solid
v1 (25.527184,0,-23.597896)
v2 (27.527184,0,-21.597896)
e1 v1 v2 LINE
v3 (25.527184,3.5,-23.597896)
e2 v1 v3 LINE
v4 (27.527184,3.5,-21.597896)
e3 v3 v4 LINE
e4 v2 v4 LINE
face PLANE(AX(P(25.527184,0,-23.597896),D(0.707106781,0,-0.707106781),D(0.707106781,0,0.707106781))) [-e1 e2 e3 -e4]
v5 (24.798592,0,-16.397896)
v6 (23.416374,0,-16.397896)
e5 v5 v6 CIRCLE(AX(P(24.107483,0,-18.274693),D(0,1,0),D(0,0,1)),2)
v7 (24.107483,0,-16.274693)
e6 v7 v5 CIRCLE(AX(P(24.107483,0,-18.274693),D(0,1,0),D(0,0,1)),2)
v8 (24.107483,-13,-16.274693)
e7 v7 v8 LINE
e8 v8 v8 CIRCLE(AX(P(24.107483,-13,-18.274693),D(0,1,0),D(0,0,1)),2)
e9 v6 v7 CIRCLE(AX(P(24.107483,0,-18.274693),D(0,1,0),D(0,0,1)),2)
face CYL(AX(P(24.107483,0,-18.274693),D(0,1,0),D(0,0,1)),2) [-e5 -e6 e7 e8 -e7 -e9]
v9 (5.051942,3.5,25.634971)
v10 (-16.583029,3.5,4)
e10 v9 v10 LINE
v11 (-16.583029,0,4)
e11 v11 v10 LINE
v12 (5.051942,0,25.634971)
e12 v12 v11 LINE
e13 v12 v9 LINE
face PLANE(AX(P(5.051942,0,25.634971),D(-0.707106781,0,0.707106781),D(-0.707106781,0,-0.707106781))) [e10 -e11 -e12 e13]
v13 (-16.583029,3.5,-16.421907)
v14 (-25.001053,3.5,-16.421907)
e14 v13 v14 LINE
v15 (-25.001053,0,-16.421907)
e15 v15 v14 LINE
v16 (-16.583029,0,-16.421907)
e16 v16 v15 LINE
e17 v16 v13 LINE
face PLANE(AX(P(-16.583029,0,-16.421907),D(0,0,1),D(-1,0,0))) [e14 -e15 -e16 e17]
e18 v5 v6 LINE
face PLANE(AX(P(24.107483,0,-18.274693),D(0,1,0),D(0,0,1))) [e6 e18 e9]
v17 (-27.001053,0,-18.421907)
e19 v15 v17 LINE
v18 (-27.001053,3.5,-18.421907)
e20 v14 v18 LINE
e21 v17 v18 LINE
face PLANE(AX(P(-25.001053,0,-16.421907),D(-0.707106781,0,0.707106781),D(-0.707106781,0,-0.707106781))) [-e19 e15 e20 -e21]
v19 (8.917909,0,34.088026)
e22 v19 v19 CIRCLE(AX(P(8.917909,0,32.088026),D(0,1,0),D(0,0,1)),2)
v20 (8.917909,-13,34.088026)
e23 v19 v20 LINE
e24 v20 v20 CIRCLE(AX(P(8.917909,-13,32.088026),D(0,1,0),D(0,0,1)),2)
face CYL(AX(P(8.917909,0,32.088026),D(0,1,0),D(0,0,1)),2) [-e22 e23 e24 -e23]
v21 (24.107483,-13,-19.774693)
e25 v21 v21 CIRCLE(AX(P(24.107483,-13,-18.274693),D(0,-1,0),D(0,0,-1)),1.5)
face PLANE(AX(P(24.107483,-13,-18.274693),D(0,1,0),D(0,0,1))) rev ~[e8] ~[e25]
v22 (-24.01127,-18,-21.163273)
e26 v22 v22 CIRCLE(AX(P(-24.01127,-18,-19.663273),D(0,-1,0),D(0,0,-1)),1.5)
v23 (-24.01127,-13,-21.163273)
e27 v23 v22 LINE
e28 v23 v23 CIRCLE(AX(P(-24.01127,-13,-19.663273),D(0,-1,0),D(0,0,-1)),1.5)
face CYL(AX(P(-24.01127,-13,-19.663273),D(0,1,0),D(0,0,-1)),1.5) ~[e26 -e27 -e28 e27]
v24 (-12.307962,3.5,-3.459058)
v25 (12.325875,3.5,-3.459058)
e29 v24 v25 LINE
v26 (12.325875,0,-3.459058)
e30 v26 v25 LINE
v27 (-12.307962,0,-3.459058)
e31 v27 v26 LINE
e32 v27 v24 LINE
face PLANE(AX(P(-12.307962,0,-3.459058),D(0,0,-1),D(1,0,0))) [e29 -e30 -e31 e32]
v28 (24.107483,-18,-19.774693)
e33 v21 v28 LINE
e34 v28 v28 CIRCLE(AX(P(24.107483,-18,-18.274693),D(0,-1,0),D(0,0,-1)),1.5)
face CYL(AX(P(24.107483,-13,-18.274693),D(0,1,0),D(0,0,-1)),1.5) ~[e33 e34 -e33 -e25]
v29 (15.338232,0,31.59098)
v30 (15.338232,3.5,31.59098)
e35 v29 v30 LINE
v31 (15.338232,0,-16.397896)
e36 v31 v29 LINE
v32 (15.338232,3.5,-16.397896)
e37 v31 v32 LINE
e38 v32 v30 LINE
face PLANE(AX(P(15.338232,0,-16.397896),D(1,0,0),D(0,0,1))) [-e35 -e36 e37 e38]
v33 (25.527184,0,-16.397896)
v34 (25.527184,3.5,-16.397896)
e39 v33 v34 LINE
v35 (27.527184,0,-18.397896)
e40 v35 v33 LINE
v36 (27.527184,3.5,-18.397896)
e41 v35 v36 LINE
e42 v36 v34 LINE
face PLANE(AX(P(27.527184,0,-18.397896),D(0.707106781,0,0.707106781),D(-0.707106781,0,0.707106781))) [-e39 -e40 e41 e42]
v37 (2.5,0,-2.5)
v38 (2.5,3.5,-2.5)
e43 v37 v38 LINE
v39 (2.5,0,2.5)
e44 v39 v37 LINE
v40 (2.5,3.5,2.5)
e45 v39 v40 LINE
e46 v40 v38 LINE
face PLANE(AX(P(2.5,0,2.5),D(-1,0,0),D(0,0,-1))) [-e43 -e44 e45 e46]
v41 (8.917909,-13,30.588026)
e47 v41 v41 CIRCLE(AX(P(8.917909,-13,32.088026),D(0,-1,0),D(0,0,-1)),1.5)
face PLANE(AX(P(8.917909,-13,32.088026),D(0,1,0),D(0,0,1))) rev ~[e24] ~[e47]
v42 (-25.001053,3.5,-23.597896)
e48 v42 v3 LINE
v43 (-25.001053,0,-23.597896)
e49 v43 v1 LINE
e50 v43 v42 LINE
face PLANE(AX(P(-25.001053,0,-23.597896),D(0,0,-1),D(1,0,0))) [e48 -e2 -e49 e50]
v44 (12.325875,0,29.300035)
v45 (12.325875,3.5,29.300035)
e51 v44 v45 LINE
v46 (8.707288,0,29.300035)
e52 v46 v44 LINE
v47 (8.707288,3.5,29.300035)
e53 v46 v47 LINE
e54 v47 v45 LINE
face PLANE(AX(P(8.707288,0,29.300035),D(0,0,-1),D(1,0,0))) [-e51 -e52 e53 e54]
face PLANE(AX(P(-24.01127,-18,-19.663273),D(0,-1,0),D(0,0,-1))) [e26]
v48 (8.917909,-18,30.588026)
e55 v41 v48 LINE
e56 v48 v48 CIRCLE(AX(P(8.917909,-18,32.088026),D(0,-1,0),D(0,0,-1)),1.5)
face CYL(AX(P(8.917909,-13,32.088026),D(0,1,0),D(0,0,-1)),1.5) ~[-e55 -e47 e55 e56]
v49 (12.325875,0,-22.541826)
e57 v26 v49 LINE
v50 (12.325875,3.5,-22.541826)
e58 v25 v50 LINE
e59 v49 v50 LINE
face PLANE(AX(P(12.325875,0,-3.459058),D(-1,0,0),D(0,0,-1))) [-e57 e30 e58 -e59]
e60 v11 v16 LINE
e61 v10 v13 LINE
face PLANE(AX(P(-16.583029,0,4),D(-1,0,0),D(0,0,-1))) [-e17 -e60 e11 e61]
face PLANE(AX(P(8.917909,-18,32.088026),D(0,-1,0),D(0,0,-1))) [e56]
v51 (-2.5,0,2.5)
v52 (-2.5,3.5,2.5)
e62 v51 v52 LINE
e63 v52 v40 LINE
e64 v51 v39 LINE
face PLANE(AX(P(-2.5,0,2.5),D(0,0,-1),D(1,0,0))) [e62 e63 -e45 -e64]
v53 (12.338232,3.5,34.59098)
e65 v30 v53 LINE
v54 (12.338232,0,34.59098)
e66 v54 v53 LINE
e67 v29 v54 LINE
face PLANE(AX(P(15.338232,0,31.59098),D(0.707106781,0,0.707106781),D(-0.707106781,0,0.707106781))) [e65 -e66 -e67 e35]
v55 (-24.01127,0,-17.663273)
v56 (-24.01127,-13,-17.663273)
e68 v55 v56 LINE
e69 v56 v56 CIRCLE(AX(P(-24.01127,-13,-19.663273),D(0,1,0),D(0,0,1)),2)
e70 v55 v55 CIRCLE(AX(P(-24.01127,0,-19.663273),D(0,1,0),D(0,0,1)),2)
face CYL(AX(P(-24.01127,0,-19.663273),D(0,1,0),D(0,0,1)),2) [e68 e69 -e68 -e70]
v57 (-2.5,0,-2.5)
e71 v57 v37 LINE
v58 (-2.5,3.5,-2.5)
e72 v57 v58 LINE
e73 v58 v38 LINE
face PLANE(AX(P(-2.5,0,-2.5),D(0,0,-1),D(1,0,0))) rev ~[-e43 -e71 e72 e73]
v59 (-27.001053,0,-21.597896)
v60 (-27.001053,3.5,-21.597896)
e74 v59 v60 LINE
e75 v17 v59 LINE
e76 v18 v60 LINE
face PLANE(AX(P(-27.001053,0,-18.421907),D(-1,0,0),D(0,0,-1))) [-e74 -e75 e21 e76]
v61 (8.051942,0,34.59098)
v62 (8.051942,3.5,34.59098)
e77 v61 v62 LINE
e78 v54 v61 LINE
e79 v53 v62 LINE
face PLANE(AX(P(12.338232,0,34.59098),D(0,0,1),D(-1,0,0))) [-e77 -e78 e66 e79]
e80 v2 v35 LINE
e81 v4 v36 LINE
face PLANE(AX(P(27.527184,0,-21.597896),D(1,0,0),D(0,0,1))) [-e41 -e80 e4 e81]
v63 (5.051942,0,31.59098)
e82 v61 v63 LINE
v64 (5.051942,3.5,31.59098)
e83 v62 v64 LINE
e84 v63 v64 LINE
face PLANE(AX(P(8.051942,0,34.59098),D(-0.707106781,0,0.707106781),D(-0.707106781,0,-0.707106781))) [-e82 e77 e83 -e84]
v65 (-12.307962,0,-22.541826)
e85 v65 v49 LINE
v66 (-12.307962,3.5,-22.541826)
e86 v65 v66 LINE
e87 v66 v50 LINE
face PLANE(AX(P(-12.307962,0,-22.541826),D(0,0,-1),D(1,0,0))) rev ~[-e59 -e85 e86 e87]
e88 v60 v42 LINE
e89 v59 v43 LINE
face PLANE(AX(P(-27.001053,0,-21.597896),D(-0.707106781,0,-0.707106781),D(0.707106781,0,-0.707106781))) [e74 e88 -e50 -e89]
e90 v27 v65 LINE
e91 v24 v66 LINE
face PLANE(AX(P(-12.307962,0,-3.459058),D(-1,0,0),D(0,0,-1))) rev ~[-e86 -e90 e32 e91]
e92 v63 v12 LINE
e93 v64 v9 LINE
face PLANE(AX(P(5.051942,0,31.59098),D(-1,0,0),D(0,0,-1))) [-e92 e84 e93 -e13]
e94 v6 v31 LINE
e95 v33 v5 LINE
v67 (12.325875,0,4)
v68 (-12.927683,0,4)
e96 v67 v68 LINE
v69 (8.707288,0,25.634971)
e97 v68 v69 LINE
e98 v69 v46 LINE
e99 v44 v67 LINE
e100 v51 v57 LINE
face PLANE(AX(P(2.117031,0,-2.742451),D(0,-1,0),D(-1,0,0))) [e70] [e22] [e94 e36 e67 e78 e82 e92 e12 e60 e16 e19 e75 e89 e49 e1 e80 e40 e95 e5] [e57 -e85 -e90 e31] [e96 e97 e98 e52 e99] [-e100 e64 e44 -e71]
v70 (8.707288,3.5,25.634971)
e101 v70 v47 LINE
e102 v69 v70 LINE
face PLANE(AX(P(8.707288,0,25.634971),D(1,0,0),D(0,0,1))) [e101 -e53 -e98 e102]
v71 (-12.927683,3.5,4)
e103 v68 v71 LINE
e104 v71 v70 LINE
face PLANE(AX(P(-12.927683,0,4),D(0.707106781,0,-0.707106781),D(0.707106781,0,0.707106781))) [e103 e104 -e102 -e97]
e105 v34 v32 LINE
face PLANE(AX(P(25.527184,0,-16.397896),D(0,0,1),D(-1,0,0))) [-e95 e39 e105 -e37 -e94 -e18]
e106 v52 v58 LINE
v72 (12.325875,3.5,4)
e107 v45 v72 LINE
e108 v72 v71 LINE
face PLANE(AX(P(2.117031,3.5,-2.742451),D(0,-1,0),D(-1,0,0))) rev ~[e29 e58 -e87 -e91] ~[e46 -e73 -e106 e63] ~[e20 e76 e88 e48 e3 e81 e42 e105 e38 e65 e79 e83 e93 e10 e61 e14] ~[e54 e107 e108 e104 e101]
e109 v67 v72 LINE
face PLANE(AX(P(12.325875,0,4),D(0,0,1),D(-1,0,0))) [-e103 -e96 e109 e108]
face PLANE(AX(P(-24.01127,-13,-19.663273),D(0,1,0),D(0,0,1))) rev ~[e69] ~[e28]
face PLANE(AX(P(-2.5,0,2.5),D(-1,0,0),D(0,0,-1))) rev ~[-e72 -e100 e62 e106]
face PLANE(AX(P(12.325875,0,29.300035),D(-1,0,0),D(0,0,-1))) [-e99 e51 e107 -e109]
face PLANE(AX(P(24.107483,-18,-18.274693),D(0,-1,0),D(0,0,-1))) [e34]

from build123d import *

# Parameters (mm, degrees)
SKETCH4_W           = 24.633837396
SKETCH4_H           = 19.082768461
SKETCH4_W_2         = 5
SKETCH4_H_2         = 5
MAINBRACKET_DEPTH   = 3.5
SKETCH3_R           = 2
BOSS_EXTRUDE2_DEPTH = 13
SKETCH6_R           = 1.5
BOSS_EXTRUDE3_DEPTH = 5


with BuildPart() as part:
    # Sketch4 → MainBracket (new body)
    with BuildSketch(Plane(origin=(0, 0, 0), x_dir=(1, 0, 0), z_dir=(0, 1, 0))):
        Polygon((-25.001052975, 23.597895529), (25.52718448, 23.597895529), (27.52718448, 21.597895529), (27.52718448, 18.397895529), (25.52718448, 16.397895529), (15.338231538, 16.397895529), (15.338231538, -31.590979949), (12.338231538, -34.590979949), (8.051942307, -34.590979949), (5.051942307, -31.590979949), (5.051942307, -25.634971446), (-16.583029139, -4), (-16.583029139, 16.421906692), (-25.001052975, 16.421906692), (-27.001052975, 18.421906692), (-27.001052975, 21.597895529), align=None)
        with Locations((0.008956485, 13.000441896)):
            Rectangle(SKETCH4_W, SKETCH4_H, mode=Mode.SUBTRACT)
        Polygon((-12.927683275, -4), (8.707288171, -25.634971446), (8.707288171, -29.300035445), (12.325875183, -29.300035445), (12.325875183, -4), align=None, mode=Mode.SUBTRACT)
        Rectangle(SKETCH4_W_2, SKETCH4_H_2, mode=Mode.SUBTRACT)
    extrude(amount=MAINBRACKET_DEPTH)

    # Sketch3 → Boss-Extrude2 (add)
    with BuildSketch(Plane(origin=(0, 0, 0), x_dir=(1, 0, 0), z_dir=(0, 1, 0))):
        with Locations((-24.011269627, 19.663273311)):
            Circle(SKETCH3_R)
        with Locations((24.107482847, 18.27469294)):
            Circle(SKETCH3_R)
        with Locations((8.917908931, -32.088026328)):
            Circle(SKETCH3_R)
    extrude(amount=-BOSS_EXTRUDE2_DEPTH)

    # Sketch6 → Boss-Extrude3 (add)
    with BuildSketch(Plane.XZ.offset(13)):
        with Locations((-24.011269627, -19.663273311)):
            Circle(SKETCH6_R)
        with Locations((8.917908931, 32.088026328)):
            Circle(SKETCH6_R)
        with Locations((24.107482847, -18.27469294)):
            Circle(SKETCH6_R)
    extrude(amount=BOSS_EXTRUDE3_DEPTH)


solid = part.part
